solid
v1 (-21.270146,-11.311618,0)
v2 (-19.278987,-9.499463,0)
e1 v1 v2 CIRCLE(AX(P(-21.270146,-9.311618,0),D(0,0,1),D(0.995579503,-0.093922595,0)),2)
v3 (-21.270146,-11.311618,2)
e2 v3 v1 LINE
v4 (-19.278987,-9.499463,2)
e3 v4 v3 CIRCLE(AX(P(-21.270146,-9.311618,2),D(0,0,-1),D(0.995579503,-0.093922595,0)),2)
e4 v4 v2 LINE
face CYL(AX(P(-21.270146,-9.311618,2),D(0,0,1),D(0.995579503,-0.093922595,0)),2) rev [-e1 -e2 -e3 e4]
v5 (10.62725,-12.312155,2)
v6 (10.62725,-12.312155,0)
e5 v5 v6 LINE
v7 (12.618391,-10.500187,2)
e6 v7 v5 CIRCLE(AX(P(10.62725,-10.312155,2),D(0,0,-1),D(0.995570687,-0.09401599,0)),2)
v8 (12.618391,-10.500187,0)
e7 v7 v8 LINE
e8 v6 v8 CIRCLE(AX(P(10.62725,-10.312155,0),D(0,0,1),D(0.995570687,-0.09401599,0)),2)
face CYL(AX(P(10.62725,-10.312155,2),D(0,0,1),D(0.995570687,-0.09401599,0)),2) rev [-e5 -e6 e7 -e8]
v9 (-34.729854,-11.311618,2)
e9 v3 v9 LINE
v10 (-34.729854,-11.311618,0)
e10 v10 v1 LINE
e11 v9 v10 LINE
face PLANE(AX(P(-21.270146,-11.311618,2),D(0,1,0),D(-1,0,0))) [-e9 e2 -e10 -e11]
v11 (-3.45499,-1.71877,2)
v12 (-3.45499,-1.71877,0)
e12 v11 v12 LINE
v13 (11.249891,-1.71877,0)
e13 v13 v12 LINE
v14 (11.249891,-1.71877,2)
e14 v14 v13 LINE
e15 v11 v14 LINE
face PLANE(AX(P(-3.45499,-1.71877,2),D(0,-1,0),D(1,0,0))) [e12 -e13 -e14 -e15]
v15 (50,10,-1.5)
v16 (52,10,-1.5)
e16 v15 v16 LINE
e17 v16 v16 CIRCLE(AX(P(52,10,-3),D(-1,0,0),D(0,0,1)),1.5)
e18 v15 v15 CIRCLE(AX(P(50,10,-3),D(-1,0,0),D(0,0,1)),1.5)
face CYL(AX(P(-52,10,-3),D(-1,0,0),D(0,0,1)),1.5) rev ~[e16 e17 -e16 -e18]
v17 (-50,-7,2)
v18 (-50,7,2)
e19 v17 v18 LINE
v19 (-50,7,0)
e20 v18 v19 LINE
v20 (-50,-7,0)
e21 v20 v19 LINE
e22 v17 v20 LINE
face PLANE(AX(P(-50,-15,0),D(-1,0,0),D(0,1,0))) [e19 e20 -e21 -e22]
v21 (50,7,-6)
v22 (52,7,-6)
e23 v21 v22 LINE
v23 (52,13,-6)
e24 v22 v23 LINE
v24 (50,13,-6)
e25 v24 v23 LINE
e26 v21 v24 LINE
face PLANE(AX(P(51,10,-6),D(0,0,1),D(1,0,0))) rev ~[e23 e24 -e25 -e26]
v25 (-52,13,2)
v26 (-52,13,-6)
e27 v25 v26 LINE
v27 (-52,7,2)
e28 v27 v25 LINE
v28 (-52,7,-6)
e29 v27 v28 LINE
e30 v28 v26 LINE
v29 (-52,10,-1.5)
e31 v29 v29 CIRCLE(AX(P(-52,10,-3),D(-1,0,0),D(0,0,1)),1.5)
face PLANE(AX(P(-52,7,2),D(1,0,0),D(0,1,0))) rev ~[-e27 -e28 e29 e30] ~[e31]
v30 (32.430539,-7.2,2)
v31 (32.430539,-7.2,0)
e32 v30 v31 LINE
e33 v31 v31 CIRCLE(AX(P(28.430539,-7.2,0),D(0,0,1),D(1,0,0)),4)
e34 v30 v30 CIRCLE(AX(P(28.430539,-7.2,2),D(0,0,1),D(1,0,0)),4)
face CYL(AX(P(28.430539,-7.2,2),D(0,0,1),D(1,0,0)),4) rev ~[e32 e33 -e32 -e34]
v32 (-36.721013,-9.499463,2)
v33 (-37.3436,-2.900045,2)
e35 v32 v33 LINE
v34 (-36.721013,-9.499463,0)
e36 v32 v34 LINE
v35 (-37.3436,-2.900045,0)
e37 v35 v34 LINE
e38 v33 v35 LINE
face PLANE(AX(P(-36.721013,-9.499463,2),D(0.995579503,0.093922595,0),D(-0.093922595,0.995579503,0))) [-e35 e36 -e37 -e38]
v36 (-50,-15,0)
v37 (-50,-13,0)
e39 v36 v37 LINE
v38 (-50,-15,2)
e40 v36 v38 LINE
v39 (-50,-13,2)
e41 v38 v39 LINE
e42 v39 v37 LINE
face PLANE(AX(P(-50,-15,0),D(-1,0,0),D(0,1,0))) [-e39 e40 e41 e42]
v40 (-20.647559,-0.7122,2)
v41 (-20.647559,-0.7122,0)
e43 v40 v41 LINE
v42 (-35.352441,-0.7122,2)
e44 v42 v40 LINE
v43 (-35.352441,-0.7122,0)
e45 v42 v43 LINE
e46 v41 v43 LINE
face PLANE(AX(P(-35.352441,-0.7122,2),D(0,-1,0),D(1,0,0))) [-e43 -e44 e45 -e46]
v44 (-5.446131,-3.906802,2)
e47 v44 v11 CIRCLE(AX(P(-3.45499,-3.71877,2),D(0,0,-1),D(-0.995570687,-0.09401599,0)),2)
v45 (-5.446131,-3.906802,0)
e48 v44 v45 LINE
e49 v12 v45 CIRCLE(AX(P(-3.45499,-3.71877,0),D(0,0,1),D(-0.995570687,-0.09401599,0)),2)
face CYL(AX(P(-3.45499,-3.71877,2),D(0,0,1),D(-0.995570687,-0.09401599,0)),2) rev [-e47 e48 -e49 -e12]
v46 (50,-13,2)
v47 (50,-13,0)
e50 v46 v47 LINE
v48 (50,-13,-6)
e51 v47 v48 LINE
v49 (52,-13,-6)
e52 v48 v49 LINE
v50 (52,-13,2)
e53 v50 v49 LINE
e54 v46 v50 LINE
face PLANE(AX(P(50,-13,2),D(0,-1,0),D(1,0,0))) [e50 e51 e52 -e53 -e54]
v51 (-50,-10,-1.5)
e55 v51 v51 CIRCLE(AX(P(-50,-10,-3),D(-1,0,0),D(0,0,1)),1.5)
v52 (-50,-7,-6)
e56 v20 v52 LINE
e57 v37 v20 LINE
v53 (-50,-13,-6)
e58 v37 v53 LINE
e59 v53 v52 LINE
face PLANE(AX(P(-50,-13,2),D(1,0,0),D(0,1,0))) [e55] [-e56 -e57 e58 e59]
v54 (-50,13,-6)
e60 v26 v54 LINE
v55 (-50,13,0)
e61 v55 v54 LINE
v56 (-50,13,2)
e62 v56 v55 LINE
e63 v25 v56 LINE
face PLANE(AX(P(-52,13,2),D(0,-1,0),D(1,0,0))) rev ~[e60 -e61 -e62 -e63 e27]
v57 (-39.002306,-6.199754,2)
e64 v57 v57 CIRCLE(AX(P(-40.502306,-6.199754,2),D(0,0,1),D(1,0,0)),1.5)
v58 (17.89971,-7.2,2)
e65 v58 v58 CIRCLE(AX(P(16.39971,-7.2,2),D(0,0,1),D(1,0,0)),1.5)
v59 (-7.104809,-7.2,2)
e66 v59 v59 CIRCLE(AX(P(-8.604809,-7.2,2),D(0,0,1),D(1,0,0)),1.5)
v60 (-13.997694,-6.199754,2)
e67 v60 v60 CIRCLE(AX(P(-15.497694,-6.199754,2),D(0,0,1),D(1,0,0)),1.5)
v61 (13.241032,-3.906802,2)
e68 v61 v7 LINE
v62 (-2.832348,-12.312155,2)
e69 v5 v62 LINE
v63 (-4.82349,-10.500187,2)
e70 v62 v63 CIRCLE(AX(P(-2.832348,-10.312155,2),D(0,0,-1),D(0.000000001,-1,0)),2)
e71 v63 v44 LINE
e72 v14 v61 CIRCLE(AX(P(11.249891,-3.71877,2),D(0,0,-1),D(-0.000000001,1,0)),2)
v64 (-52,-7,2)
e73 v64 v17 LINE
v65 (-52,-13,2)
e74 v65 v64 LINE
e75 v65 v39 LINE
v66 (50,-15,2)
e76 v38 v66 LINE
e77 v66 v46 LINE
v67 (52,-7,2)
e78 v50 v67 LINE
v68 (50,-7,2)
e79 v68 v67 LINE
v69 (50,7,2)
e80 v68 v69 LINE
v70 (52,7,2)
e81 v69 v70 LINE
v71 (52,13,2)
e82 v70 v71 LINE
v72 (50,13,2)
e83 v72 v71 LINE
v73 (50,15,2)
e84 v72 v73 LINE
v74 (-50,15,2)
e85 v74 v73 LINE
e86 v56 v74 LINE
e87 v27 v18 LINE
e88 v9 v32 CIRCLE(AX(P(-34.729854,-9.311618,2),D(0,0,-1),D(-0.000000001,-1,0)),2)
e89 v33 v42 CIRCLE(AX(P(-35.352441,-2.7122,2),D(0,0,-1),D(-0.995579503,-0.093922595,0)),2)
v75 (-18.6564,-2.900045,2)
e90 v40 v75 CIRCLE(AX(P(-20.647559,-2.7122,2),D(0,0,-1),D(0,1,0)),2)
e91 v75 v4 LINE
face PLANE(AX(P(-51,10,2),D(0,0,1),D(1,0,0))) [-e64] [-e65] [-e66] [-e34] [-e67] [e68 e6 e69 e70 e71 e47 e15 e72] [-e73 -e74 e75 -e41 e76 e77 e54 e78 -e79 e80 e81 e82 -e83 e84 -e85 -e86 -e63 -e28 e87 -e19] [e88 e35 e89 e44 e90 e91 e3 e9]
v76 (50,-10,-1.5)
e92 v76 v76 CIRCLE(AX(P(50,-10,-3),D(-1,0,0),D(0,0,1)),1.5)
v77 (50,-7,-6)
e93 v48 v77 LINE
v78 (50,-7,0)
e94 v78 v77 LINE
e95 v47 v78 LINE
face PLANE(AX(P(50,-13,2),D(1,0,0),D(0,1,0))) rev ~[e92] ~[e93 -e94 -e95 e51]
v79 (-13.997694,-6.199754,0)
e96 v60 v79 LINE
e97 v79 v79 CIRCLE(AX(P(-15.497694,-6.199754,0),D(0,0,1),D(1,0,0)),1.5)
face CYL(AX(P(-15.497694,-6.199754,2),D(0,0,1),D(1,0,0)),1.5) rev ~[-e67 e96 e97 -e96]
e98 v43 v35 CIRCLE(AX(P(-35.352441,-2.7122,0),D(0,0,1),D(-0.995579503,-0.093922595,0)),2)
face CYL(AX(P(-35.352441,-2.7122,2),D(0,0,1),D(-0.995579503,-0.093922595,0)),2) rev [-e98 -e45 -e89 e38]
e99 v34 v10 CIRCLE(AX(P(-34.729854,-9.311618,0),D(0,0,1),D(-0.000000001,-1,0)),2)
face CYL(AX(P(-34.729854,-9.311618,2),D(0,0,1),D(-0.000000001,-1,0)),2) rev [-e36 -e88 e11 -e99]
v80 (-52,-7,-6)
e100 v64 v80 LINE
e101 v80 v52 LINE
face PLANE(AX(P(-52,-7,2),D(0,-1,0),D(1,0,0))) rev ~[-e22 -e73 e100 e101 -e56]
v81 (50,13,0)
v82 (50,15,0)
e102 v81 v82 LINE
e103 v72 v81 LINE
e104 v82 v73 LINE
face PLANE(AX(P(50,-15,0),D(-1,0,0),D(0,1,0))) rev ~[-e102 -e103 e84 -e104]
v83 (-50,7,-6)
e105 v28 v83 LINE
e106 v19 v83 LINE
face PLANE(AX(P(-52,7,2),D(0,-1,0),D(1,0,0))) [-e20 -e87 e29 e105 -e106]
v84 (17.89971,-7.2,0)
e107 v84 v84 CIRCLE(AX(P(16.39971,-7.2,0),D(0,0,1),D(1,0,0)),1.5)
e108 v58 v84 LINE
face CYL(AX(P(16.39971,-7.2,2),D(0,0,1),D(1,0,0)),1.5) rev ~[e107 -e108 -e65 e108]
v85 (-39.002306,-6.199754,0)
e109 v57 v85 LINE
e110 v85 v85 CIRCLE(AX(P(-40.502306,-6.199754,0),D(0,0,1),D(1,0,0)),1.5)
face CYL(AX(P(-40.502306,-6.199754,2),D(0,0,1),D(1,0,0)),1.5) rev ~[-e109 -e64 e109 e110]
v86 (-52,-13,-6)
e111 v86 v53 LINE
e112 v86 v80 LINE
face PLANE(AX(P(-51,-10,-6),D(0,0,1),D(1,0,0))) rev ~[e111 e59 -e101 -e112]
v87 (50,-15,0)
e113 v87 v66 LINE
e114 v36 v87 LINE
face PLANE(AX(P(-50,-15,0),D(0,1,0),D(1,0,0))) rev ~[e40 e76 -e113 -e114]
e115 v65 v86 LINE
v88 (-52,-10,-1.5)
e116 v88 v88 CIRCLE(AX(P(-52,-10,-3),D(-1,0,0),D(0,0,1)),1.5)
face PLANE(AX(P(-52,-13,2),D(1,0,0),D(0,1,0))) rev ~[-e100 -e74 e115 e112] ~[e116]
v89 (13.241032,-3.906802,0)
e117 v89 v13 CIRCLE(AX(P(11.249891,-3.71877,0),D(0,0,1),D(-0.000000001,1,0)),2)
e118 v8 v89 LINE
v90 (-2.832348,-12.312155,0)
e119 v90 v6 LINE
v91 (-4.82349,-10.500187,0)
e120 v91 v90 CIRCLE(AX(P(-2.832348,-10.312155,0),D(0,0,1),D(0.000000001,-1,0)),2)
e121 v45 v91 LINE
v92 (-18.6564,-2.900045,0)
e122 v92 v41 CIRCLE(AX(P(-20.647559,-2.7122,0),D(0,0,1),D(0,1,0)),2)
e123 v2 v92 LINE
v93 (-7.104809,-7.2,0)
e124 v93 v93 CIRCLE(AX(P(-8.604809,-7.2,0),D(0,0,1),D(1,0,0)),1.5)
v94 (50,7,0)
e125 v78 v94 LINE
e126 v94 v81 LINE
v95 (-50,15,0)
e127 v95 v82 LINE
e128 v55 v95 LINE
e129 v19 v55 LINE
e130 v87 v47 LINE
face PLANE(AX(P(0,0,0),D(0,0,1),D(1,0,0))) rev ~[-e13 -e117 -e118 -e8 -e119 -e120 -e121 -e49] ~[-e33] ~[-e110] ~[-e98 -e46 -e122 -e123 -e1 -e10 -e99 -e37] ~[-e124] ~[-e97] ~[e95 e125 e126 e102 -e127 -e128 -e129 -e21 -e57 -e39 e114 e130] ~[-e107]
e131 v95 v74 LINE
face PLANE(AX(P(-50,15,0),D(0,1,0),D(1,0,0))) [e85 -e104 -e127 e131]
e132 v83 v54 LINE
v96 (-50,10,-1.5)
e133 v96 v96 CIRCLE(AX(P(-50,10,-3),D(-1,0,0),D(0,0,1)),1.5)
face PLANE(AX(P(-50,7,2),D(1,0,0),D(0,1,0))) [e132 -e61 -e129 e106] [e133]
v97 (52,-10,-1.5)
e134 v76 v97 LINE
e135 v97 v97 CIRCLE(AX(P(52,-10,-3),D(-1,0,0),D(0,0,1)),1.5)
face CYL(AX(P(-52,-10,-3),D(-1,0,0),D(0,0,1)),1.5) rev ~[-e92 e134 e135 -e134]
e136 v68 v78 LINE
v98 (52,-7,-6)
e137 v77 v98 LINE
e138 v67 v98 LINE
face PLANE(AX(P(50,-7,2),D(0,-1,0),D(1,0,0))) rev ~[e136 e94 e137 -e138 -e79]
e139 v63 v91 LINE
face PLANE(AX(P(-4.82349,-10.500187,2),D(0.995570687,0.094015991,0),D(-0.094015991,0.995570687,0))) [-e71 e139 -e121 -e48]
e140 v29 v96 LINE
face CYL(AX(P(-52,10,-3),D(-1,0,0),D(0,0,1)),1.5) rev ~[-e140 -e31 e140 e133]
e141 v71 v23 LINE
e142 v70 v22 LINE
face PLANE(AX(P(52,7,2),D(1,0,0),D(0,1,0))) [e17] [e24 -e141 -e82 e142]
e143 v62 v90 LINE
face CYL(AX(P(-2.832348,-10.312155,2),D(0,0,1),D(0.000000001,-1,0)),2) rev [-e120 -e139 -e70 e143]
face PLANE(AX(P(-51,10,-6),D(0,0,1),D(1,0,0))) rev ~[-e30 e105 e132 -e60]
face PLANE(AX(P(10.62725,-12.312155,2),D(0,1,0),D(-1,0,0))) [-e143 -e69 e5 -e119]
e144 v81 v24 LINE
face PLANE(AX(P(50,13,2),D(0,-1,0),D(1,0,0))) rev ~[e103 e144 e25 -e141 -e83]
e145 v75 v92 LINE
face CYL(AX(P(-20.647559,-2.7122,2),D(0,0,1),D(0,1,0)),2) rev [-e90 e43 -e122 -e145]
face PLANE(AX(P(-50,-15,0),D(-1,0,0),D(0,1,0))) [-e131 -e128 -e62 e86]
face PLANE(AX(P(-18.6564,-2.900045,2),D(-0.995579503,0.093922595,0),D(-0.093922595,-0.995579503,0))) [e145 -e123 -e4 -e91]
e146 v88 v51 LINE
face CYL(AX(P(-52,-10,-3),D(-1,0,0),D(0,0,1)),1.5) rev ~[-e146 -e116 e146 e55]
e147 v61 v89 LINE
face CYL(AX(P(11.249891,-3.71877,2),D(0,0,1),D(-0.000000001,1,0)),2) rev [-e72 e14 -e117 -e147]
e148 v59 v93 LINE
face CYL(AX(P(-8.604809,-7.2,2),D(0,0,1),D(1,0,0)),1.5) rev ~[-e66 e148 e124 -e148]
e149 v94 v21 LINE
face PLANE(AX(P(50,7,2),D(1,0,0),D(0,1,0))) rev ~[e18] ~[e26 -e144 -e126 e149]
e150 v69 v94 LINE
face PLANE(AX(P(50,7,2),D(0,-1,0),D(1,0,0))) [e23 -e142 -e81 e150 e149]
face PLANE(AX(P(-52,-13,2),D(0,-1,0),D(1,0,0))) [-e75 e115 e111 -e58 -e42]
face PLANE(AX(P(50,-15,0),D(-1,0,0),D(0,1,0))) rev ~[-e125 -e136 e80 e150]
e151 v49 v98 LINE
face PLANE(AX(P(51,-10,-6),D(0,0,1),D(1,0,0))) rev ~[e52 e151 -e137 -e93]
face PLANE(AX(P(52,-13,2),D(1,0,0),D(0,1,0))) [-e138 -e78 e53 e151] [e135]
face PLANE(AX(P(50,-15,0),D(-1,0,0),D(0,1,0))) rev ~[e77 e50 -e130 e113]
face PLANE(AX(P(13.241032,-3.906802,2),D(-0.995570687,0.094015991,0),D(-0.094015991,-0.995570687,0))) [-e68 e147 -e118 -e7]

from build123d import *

# Parameters (mm, degrees)
SKETCH1_W           = 100
SKETCH1_H           = 30
BOSS_EXTRUDE1_DEPTH = 2
SKETCH2_W           = 2
SKETCH2_H           = 6
BOSS_EXTRUDE2_DEPTH = 8
SKETCH3_R           = 1.5
CUT_EXTRUDE1_DEPTH  = 105
CUT_EXTRUDE2_REACH  = 10
SKETCH4_R           = 1.5
SKETCH4_R_2         = 4


with BuildPart() as part:
    # Sketch1 → Boss-Extrude1 (new body)
    with BuildSketch(Plane.XY):
        Rectangle(SKETCH1_W, SKETCH1_H)
    extrude(amount=BOSS_EXTRUDE1_DEPTH)

    # Sketch2 → Boss-Extrude2 (add)
    with BuildSketch(Plane.XY.offset(2)):
        with Locations((-51, 10)):
            Rectangle(SKETCH2_W, SKETCH2_H)
        with Locations((-51, -10)):
            Rectangle(SKETCH2_W, SKETCH2_H)
        with Locations((51, 10)):
            Rectangle(SKETCH2_W, SKETCH2_H)
        with Locations((51, -10)):
            Rectangle(SKETCH2_W, SKETCH2_H)
    extrude(amount=-BOSS_EXTRUDE2_DEPTH)

    # Sketch3 → Cut-Extrude1 (cut, through all)
    with BuildSketch(Plane.ZY.offset(52)):
        with Locations((-3, 10)):
            Circle(SKETCH3_R)
        with Locations((-3, -10)):
            Circle(SKETCH3_R)
    extrude(amount=-CUT_EXTRUDE1_DEPTH, mode=Mode.SUBTRACT)

    # Sketch4 → Cut-Extrude2 (cut, up to next)
    with BuildSketch(Plane.XY.offset(2), mode=Mode.PRIVATE) as cut_extrude2_sk1:
        with Locations((-40.502306205, -6.199754272)):
            Circle(SKETCH4_R)
    cut_extrude2_tool1 = extrude(cut_extrude2_sk1.sketch, amount=-CUT_EXTRUDE2_REACH, mode=Mode.PRIVATE) & part.part
    add(cut_extrude2_tool1.solids().sort_by_distance((-40.502306, -6.199754, 2))[0], mode=Mode.SUBTRACT)
    # Sketch4 → Cut-Extrude2 (cut, up to next)
    with BuildSketch(Plane.XY.offset(2), mode=Mode.PRIVATE) as cut_extrude2_sk2:
        with Locations((-15.497693795, -6.199754272)):
            Circle(SKETCH4_R)
    cut_extrude2_tool2 = extrude(cut_extrude2_sk2.sketch, amount=-CUT_EXTRUDE2_REACH, mode=Mode.PRIVATE) & part.part
    add(cut_extrude2_tool2.solids().sort_by_distance((-15.497694, -6.199754, 2))[0], mode=Mode.SUBTRACT)
    # Sketch4 → Cut-Extrude2 (cut, up to next)
    with BuildSketch(Plane.XY.offset(2), mode=Mode.PRIVATE) as cut_extrude2_sk3:
        with Locations((-8.604808795, -7.2)):
            Circle(SKETCH4_R)
    cut_extrude2_tool3 = extrude(cut_extrude2_sk3.sketch, amount=-CUT_EXTRUDE2_REACH, mode=Mode.PRIVATE) & part.part
    add(cut_extrude2_tool3.solids().sort_by_distance((-8.604809, -7.2, 2))[0], mode=Mode.SUBTRACT)
    # Sketch4 → Cut-Extrude2 (cut, up to next)
    with BuildSketch(Plane.XY.offset(2), mode=Mode.PRIVATE) as cut_extrude2_sk4:
        with Locations((16.399709937, -7.2)):
            Circle(SKETCH4_R)
    cut_extrude2_tool4 = extrude(cut_extrude2_sk4.sketch, amount=-CUT_EXTRUDE2_REACH, mode=Mode.PRIVATE) & part.part
    add(cut_extrude2_tool4.solids().sort_by_distance((16.39971, -7.2, 2))[0], mode=Mode.SUBTRACT)
    # Sketch4 → Cut-Extrude2 (cut, up to next)
    with BuildSketch(Plane.XY.offset(2), mode=Mode.PRIVATE) as cut_extrude2_sk5:
        with Locations((28.430538533, -7.2)):
            Circle(SKETCH4_R_2)
    cut_extrude2_tool5 = extrude(cut_extrude2_sk5.sketch, amount=-CUT_EXTRUDE2_REACH, mode=Mode.PRIVATE) & part.part
    add(cut_extrude2_tool5.solids().sort_by_distance((28.430539, -7.2, 2))[0], mode=Mode.SUBTRACT)
    # Sketch4 → Cut-Extrude2 (cut, up to next)
    with BuildSketch(Plane.XY.offset(2), mode=Mode.PRIVATE) as cut_extrude2_sk6:
        with BuildLine():
            Line((-35.352440505, -0.712200048), (-20.647559495, -0.712200048))
            ThreePointArc((-20.647559495, -0.712200048), (-19.168422859, -1.366037052), (-18.65640049, -2.900045237))
            Line((-18.65640049, -2.900045237), (-19.2789871, -9.499463306))
            ThreePointArc((-19.2789871, -9.499463306), (-19.92398311, -10.790754753), (-21.270146105, -11.311618117))
            Line((-21.270146105, -11.311618117), (-34.729853895, -11.311618117))
            ThreePointArc((-34.729853895, -11.311618117), (-36.07601689, -10.790754753), (-36.7210129, -9.499463306))
            Line((-36.7210129, -9.499463306), (-37.34359951, -2.900045237))
            ThreePointArc((-37.34359951, -2.900045237), (-36.831577141, -1.366037052), (-35.352440505, -0.712200048))
        make_face()
    cut_extrude2_tool6 = extrude(cut_extrude2_sk6.sketch, amount=-CUT_EXTRUDE2_REACH, mode=Mode.PRIVATE) & part.part
    add(cut_extrude2_tool6.solids().sort_by_distance((-28, -5.931102, 2))[0], mode=Mode.SUBTRACT)
    # Sketch4 → Cut-Extrude2 (cut, up to next)
    with BuildSketch(Plane.XY.offset(2), mode=Mode.PRIVATE) as cut_extrude2_sk7:
        with BuildLine():
            Line((-3.454989934, -1.718769673), (11.249891076, -1.718769673))
            ThreePointArc((11.249891076, -1.718769673), (12.729090854, -2.372676058), (13.241032451, -3.906801654))
            Line((13.241032451, -3.906801654), (12.618390941, -10.500186773))
            ThreePointArc((12.618390941, -10.500186773), (11.973343181, -11.791354569), (10.627249567, -12.312154791))
            Line((10.627249567, -12.312154791), (-2.832348424, -12.312154791))
            ThreePointArc((-2.832348424, -12.312154791), (-4.178442039, -11.791354569), (-4.823489799, -10.500186773))
            Line((-4.823489799, -10.500186773), (-5.446131309, -3.906801654))
            ThreePointArc((-5.446131309, -3.906801654), (-4.934189711, -2.372676058), (-3.454989934, -1.718769673))
        make_face()
    cut_extrude2_tool7 = extrude(cut_extrude2_sk7.sketch, amount=-CUT_EXTRUDE2_REACH, mode=Mode.PRIVATE) & part.part
    add(cut_extrude2_tool7.solids().sort_by_distance((3.897451, -6.934685, 2))[0], mode=Mode.SUBTRACT)


solid = part.part
